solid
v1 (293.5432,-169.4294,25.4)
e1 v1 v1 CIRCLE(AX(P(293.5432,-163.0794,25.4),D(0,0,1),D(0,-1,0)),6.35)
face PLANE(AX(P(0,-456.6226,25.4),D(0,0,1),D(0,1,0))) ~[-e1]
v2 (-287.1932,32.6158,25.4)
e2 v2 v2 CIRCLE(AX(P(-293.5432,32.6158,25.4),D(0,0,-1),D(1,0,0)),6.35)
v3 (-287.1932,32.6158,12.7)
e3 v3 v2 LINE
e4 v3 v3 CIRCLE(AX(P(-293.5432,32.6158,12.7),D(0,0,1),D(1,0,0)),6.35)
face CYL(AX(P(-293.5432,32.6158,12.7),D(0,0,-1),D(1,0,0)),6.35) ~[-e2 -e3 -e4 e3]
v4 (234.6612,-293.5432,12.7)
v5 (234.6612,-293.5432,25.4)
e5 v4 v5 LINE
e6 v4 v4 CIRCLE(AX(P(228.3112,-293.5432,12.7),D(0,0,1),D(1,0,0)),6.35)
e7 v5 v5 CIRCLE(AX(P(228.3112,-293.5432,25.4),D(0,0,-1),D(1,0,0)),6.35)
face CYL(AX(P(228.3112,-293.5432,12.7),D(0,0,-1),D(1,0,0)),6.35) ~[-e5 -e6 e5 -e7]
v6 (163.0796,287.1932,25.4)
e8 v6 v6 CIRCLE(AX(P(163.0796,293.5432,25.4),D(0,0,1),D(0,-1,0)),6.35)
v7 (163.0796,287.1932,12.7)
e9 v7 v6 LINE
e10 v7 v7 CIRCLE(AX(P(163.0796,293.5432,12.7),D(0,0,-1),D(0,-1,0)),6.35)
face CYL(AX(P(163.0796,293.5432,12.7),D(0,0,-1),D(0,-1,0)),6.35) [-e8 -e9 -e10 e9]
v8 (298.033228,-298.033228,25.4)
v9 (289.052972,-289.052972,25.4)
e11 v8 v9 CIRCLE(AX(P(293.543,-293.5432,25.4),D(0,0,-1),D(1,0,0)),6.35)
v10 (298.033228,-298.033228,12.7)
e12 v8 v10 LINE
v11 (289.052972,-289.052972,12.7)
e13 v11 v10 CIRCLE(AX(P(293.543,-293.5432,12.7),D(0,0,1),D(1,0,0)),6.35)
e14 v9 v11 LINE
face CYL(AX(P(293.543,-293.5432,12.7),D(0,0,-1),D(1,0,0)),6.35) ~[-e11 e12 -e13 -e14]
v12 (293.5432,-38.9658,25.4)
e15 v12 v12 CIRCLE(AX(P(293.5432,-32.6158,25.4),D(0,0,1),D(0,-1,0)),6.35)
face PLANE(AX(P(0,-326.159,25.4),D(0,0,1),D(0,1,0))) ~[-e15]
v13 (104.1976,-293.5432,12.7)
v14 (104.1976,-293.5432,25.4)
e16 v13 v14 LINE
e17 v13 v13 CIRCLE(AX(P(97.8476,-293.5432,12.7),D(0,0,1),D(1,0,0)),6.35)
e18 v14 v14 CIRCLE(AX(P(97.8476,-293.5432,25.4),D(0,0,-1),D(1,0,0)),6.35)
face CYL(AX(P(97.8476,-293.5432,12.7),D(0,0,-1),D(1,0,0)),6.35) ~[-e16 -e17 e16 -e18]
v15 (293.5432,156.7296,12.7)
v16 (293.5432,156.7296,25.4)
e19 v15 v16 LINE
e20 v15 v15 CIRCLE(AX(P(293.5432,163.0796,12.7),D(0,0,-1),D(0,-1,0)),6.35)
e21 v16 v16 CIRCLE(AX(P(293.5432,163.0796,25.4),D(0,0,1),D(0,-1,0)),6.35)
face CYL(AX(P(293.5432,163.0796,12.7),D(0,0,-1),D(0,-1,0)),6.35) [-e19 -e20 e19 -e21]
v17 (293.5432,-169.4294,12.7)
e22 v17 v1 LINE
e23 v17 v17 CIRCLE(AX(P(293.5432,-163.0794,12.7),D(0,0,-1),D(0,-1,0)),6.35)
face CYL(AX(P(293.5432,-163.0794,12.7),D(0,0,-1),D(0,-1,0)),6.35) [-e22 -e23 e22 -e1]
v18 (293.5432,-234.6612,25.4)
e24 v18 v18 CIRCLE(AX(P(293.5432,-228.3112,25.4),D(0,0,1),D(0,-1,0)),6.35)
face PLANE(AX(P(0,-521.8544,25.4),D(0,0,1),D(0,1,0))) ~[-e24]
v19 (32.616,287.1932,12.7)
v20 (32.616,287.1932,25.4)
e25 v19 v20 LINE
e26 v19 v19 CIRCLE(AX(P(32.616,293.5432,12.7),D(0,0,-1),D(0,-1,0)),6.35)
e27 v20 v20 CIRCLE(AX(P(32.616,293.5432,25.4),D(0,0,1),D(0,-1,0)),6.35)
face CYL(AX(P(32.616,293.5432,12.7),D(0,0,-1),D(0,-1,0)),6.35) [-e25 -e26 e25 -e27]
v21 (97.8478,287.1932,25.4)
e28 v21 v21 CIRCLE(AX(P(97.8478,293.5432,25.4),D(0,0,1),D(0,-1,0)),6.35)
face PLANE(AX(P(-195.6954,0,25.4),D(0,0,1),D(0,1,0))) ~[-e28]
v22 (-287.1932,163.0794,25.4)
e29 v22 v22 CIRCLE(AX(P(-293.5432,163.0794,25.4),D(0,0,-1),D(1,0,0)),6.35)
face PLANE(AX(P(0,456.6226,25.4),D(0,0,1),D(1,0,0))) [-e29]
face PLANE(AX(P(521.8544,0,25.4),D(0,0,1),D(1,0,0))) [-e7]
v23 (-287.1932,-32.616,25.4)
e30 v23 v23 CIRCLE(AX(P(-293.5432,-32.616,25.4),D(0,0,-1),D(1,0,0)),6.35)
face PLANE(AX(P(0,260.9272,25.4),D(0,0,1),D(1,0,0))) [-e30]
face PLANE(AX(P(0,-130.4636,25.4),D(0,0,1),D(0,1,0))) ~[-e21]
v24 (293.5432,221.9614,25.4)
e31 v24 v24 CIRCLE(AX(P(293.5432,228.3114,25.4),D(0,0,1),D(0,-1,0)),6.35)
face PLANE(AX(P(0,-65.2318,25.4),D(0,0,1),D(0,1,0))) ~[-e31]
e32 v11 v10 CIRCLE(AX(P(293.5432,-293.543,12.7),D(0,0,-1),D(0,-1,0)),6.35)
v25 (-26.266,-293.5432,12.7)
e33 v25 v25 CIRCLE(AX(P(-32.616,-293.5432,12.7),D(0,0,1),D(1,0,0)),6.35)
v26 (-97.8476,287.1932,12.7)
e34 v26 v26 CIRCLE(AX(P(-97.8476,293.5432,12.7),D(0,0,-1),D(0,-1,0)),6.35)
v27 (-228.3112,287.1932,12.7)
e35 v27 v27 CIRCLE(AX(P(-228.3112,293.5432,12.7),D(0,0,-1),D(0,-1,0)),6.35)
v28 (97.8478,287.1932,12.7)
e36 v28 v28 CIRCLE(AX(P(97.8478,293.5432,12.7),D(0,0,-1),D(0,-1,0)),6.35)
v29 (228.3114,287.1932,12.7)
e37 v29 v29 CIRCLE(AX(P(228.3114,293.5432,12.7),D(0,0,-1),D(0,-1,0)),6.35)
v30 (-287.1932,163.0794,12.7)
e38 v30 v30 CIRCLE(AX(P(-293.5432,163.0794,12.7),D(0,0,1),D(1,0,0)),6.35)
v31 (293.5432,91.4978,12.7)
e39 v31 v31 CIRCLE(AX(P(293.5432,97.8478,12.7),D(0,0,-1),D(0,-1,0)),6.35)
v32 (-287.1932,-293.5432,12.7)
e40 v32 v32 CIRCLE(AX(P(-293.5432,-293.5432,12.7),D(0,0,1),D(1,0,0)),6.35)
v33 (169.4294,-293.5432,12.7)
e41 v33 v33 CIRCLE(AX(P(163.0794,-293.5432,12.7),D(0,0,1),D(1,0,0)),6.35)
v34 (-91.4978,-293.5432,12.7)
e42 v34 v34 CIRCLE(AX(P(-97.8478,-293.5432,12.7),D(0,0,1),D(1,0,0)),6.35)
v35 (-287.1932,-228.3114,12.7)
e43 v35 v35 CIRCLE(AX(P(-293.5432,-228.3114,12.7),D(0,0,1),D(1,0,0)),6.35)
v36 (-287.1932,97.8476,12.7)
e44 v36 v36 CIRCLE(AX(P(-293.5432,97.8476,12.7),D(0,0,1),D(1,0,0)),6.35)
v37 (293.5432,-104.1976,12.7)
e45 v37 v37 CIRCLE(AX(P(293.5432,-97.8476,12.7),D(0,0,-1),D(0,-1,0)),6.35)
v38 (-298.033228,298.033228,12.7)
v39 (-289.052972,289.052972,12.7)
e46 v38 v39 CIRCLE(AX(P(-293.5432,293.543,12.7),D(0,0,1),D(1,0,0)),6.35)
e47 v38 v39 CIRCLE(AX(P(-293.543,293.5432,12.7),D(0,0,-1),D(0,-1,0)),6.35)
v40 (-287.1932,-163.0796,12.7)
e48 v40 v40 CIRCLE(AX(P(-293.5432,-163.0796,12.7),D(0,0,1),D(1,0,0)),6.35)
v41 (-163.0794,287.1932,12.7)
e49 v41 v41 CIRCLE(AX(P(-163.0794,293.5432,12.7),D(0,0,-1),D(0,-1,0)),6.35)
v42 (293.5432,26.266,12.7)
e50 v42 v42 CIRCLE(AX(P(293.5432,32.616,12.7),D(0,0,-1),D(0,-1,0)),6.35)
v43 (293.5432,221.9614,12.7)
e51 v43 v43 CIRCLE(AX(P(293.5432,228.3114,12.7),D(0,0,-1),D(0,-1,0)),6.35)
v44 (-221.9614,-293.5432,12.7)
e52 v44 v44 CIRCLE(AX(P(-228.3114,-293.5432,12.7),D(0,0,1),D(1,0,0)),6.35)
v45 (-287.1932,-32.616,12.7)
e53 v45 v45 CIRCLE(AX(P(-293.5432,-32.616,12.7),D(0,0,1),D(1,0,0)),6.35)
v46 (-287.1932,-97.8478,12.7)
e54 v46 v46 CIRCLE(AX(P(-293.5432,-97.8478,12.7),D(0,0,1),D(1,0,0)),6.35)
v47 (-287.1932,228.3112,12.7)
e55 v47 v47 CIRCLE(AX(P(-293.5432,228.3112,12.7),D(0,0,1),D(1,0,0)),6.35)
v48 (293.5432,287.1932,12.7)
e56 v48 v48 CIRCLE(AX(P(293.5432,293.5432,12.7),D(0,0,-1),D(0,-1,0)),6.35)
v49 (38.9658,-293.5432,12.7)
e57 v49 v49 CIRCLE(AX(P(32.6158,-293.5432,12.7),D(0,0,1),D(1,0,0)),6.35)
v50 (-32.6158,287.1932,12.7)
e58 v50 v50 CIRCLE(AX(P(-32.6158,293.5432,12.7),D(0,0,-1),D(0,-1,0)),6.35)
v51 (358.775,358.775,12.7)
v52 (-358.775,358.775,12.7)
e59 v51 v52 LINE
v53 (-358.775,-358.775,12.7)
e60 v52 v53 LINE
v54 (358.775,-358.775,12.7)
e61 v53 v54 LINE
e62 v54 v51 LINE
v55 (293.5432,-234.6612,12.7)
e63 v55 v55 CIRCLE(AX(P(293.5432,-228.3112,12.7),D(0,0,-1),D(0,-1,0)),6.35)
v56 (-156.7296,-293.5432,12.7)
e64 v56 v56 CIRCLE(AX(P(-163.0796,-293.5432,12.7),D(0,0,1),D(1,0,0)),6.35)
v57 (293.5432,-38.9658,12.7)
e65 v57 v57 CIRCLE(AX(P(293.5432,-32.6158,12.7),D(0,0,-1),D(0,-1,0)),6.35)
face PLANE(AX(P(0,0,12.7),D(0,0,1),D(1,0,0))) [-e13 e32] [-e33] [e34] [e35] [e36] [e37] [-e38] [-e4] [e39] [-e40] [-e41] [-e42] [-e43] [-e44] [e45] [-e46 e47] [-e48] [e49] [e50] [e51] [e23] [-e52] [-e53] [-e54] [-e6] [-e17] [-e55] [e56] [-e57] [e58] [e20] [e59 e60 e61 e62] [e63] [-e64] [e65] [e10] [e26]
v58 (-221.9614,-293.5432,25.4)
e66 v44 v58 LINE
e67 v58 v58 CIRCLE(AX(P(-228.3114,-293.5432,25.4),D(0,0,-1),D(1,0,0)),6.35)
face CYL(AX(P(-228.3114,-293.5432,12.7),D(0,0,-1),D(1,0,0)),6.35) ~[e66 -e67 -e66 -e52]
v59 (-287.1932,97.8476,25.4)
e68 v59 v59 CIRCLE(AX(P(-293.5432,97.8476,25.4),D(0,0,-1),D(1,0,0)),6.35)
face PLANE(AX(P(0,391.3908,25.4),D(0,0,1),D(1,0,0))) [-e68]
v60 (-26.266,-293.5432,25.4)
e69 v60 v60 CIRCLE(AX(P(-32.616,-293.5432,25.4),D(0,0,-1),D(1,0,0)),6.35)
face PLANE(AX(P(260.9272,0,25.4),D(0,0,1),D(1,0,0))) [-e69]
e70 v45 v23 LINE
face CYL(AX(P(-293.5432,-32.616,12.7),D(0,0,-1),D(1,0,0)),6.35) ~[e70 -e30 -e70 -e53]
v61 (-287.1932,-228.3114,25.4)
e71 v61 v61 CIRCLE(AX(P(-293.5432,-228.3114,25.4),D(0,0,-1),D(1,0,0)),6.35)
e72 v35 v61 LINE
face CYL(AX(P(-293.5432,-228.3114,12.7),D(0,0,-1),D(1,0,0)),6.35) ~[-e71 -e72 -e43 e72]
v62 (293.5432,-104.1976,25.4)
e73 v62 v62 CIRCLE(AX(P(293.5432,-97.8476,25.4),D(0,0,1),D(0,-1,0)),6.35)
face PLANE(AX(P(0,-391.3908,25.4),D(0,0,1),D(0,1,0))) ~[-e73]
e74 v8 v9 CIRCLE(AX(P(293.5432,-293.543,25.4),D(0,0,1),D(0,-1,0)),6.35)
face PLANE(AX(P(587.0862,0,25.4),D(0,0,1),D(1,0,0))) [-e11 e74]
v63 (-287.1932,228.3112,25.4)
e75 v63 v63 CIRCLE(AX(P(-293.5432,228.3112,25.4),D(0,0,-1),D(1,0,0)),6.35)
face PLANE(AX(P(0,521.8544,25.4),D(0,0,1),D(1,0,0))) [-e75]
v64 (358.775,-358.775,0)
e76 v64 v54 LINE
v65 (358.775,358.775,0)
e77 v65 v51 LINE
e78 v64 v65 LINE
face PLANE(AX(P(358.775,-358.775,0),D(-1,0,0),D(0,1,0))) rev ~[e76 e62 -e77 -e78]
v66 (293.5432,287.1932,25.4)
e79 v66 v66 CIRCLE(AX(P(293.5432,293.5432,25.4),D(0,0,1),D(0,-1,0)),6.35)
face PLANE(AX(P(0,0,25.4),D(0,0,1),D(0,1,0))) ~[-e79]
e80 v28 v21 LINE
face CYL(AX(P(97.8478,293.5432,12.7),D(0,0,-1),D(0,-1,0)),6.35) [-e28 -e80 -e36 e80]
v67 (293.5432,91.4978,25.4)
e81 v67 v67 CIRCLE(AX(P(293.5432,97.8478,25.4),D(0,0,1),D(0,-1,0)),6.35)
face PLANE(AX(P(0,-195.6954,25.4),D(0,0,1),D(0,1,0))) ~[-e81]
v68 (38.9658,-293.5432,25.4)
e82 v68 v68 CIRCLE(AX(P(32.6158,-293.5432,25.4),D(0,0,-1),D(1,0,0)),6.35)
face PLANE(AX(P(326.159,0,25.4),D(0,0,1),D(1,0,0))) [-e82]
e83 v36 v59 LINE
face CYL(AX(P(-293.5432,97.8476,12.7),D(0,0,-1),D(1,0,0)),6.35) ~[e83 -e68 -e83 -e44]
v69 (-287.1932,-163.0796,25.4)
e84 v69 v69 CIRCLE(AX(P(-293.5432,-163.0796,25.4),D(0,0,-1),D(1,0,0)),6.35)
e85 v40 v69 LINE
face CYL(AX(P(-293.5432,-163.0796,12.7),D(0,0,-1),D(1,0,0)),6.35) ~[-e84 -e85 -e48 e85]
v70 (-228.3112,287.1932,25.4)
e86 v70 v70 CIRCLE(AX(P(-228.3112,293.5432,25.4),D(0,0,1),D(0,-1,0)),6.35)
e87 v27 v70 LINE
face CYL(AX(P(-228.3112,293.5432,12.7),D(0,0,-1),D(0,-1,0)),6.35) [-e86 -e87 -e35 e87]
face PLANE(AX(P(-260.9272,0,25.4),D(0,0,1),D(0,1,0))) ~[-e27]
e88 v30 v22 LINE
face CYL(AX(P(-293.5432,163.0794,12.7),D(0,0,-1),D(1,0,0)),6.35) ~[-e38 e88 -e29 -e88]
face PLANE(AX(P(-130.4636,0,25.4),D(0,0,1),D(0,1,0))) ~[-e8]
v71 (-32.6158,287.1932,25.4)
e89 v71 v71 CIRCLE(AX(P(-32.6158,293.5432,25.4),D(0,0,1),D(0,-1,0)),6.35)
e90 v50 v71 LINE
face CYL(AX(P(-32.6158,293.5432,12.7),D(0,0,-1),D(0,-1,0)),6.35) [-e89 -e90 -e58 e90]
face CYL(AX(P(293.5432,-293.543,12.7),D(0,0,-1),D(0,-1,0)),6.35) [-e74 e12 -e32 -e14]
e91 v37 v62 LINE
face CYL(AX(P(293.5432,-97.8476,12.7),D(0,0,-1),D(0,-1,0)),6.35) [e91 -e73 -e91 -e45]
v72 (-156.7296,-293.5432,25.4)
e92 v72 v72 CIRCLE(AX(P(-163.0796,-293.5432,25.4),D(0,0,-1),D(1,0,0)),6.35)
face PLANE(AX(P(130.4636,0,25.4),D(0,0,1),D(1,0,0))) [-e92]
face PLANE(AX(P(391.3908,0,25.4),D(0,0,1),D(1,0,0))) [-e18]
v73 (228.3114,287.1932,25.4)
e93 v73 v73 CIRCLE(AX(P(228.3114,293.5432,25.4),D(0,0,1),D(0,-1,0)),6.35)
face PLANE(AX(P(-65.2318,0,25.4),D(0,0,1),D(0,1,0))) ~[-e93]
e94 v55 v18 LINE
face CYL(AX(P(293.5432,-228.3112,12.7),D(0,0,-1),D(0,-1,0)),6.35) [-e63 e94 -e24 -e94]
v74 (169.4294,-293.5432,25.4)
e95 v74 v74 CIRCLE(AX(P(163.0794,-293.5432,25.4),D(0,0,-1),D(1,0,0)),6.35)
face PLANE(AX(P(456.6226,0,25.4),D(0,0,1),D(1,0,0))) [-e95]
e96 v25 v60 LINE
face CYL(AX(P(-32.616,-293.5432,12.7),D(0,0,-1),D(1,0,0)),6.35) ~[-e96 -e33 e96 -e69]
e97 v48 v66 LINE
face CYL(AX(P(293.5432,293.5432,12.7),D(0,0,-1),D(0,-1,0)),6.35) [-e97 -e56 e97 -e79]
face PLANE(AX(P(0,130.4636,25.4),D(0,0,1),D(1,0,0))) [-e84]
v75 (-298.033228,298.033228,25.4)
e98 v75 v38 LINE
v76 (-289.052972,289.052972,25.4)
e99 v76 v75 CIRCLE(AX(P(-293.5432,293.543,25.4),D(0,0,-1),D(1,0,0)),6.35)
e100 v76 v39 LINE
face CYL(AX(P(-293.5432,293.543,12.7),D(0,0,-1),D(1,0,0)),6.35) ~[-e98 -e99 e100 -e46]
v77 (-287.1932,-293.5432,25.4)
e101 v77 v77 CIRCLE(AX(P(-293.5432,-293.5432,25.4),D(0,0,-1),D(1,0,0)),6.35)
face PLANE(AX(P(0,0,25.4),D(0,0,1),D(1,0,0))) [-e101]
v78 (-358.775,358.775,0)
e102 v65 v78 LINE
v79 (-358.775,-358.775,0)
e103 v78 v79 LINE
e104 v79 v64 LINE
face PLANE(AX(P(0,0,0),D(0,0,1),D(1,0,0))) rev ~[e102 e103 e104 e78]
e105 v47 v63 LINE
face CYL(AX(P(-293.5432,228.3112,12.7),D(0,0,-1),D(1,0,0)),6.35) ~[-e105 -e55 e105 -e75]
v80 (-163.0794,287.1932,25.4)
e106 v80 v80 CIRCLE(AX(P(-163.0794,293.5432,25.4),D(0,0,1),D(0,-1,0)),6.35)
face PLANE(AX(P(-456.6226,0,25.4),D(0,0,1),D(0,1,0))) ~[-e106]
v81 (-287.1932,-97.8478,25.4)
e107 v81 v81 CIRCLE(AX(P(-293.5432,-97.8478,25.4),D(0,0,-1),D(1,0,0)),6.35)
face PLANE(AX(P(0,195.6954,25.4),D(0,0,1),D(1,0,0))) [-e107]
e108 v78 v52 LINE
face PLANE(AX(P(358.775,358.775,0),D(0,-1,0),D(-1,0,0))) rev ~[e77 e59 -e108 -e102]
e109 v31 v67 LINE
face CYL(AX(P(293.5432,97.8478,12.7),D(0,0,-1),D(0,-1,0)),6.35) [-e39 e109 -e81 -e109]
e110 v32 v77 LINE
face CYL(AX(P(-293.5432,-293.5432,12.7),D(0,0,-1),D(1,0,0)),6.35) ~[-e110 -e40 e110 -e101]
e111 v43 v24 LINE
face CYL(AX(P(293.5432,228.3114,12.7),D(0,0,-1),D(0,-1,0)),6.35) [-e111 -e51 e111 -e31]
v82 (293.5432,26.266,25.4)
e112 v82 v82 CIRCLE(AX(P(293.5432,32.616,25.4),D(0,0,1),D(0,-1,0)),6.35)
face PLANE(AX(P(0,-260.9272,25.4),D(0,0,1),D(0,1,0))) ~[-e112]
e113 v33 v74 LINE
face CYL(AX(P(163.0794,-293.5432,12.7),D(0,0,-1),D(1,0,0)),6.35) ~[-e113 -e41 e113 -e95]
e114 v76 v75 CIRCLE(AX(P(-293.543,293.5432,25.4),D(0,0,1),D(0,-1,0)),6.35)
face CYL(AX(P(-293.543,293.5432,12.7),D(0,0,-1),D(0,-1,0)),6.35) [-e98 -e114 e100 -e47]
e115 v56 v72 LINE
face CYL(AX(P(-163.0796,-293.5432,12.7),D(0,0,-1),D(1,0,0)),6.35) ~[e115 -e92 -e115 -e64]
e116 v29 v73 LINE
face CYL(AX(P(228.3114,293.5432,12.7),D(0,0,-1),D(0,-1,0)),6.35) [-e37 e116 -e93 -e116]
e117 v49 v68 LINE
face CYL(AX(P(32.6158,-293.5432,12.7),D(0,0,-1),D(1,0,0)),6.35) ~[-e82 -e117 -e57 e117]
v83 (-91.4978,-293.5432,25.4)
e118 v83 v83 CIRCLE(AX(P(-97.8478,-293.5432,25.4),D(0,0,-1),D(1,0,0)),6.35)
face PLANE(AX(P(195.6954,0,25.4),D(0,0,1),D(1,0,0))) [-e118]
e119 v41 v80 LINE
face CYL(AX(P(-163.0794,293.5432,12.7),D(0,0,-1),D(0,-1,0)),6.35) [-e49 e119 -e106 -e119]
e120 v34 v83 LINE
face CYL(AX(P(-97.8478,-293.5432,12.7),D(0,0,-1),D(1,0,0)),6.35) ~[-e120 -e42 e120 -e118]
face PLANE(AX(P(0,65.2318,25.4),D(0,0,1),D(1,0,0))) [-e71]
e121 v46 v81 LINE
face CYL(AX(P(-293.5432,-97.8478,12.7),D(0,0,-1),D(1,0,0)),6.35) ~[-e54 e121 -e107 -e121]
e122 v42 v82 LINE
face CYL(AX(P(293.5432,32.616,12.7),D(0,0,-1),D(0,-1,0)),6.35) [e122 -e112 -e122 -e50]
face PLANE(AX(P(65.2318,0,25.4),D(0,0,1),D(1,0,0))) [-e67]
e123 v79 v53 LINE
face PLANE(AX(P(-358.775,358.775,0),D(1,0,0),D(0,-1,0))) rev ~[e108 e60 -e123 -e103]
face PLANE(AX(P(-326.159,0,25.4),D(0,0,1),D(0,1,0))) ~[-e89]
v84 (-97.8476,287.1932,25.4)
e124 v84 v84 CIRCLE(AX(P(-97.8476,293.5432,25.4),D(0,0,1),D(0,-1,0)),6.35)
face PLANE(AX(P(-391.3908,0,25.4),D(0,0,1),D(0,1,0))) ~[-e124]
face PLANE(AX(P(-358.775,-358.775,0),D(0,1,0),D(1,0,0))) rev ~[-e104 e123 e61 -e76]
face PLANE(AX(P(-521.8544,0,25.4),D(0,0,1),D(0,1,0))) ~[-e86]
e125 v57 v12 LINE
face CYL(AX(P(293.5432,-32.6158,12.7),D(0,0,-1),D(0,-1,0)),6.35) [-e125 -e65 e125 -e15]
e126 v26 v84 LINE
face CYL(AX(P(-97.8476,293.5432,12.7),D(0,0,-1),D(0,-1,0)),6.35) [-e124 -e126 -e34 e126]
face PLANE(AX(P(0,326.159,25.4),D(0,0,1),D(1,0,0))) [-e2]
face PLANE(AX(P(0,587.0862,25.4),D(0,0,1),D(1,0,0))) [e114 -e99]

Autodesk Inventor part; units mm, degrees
ref_plane "YZ Plane" through (0, 0, 0) normal (1, 0, 0) x (0, 1, 0)
ref_plane "XZ Plane" through (0, 0, 0) normal (0, 1, 0) x (-1, 0, 0)
sketch "Sketch1" plane through (0, 0, 0) normal (0, 0, 1) x (1, 0, 0)
  line L0 (-358.775, -358.775) -> (358.775, -358.775)
  line L1 (358.775, -358.775) -> (358.775, 358.775)
  line L2 (358.775, 358.775) -> (-358.775, 358.775)
  line L3 (-358.775, 358.775) -> (-358.775, -358.775)
  line L4 (-358.775, -358.775) -> (358.775, 358.775) construction
  line L5 (358.775, -358.775) -> (-358.775, 358.775) construction
  point P0 (0, 0)
  dimension "d0" = 717.55
  dimension "d1" = 717.55
extrude "Extrusion1" add sketch "Sketch1" along normal blind 12.7
sketch "Sketch2" plane through (0, 0, 12.7) normal (0, 0, 1) x (1, 0, 0)
  circle A0 centre (-293.5432, -293.5432) radius 6.35
  line L0 (-358.775, 358.775) -> (-358.775, -358.775) projected
  line L1 (-293.5432, -293.5432) -> (293.5432, -293.5432)
  line L2 (293.5432, -293.5432) -> (293.5432, 293.5432)
  line L3 (293.5432, 293.5432) -> (-293.5432, 293.5432)
  line L4 (-293.5432, 293.5432) -> (-293.5432, -293.5432)
  line L5 (-293.5432, -293.5432) -> (293.5432, 293.5432) construction
  line L6 (293.5432, -293.5432) -> (-293.5432, 293.5432) construction
  point P0 (0, 0)
  dimension "d4" = 12.7
  dimension "d6" = 587.0864
extrude "Extrusion2" add sketch "Sketch2" along normal blind 12.7 contours L1 L4 A0 | A0 L4 L1
pattern_linear "Rectangular Pattern1" count 10 spacing 65.2318 along (1, 0, 0) of "Extrusion2"
pattern_linear "Rectangular Pattern2" count 10 spacing 65.2318 along (0, 1, 0) of "Extrusion2"
ref_plane "Work Plane1" through (-358.775, 358.775, 0) normal (0.7071, 0.7071, 0) x (0, 0, 1)
mirror "Mirror1" about plane through (-358.775, 358.775, 0) normal (0.7071, 0.7071, 0) of "Extrusion2", "Rectangular Pattern1", "Rectangular Pattern2"
properties part number "connection_plate"
